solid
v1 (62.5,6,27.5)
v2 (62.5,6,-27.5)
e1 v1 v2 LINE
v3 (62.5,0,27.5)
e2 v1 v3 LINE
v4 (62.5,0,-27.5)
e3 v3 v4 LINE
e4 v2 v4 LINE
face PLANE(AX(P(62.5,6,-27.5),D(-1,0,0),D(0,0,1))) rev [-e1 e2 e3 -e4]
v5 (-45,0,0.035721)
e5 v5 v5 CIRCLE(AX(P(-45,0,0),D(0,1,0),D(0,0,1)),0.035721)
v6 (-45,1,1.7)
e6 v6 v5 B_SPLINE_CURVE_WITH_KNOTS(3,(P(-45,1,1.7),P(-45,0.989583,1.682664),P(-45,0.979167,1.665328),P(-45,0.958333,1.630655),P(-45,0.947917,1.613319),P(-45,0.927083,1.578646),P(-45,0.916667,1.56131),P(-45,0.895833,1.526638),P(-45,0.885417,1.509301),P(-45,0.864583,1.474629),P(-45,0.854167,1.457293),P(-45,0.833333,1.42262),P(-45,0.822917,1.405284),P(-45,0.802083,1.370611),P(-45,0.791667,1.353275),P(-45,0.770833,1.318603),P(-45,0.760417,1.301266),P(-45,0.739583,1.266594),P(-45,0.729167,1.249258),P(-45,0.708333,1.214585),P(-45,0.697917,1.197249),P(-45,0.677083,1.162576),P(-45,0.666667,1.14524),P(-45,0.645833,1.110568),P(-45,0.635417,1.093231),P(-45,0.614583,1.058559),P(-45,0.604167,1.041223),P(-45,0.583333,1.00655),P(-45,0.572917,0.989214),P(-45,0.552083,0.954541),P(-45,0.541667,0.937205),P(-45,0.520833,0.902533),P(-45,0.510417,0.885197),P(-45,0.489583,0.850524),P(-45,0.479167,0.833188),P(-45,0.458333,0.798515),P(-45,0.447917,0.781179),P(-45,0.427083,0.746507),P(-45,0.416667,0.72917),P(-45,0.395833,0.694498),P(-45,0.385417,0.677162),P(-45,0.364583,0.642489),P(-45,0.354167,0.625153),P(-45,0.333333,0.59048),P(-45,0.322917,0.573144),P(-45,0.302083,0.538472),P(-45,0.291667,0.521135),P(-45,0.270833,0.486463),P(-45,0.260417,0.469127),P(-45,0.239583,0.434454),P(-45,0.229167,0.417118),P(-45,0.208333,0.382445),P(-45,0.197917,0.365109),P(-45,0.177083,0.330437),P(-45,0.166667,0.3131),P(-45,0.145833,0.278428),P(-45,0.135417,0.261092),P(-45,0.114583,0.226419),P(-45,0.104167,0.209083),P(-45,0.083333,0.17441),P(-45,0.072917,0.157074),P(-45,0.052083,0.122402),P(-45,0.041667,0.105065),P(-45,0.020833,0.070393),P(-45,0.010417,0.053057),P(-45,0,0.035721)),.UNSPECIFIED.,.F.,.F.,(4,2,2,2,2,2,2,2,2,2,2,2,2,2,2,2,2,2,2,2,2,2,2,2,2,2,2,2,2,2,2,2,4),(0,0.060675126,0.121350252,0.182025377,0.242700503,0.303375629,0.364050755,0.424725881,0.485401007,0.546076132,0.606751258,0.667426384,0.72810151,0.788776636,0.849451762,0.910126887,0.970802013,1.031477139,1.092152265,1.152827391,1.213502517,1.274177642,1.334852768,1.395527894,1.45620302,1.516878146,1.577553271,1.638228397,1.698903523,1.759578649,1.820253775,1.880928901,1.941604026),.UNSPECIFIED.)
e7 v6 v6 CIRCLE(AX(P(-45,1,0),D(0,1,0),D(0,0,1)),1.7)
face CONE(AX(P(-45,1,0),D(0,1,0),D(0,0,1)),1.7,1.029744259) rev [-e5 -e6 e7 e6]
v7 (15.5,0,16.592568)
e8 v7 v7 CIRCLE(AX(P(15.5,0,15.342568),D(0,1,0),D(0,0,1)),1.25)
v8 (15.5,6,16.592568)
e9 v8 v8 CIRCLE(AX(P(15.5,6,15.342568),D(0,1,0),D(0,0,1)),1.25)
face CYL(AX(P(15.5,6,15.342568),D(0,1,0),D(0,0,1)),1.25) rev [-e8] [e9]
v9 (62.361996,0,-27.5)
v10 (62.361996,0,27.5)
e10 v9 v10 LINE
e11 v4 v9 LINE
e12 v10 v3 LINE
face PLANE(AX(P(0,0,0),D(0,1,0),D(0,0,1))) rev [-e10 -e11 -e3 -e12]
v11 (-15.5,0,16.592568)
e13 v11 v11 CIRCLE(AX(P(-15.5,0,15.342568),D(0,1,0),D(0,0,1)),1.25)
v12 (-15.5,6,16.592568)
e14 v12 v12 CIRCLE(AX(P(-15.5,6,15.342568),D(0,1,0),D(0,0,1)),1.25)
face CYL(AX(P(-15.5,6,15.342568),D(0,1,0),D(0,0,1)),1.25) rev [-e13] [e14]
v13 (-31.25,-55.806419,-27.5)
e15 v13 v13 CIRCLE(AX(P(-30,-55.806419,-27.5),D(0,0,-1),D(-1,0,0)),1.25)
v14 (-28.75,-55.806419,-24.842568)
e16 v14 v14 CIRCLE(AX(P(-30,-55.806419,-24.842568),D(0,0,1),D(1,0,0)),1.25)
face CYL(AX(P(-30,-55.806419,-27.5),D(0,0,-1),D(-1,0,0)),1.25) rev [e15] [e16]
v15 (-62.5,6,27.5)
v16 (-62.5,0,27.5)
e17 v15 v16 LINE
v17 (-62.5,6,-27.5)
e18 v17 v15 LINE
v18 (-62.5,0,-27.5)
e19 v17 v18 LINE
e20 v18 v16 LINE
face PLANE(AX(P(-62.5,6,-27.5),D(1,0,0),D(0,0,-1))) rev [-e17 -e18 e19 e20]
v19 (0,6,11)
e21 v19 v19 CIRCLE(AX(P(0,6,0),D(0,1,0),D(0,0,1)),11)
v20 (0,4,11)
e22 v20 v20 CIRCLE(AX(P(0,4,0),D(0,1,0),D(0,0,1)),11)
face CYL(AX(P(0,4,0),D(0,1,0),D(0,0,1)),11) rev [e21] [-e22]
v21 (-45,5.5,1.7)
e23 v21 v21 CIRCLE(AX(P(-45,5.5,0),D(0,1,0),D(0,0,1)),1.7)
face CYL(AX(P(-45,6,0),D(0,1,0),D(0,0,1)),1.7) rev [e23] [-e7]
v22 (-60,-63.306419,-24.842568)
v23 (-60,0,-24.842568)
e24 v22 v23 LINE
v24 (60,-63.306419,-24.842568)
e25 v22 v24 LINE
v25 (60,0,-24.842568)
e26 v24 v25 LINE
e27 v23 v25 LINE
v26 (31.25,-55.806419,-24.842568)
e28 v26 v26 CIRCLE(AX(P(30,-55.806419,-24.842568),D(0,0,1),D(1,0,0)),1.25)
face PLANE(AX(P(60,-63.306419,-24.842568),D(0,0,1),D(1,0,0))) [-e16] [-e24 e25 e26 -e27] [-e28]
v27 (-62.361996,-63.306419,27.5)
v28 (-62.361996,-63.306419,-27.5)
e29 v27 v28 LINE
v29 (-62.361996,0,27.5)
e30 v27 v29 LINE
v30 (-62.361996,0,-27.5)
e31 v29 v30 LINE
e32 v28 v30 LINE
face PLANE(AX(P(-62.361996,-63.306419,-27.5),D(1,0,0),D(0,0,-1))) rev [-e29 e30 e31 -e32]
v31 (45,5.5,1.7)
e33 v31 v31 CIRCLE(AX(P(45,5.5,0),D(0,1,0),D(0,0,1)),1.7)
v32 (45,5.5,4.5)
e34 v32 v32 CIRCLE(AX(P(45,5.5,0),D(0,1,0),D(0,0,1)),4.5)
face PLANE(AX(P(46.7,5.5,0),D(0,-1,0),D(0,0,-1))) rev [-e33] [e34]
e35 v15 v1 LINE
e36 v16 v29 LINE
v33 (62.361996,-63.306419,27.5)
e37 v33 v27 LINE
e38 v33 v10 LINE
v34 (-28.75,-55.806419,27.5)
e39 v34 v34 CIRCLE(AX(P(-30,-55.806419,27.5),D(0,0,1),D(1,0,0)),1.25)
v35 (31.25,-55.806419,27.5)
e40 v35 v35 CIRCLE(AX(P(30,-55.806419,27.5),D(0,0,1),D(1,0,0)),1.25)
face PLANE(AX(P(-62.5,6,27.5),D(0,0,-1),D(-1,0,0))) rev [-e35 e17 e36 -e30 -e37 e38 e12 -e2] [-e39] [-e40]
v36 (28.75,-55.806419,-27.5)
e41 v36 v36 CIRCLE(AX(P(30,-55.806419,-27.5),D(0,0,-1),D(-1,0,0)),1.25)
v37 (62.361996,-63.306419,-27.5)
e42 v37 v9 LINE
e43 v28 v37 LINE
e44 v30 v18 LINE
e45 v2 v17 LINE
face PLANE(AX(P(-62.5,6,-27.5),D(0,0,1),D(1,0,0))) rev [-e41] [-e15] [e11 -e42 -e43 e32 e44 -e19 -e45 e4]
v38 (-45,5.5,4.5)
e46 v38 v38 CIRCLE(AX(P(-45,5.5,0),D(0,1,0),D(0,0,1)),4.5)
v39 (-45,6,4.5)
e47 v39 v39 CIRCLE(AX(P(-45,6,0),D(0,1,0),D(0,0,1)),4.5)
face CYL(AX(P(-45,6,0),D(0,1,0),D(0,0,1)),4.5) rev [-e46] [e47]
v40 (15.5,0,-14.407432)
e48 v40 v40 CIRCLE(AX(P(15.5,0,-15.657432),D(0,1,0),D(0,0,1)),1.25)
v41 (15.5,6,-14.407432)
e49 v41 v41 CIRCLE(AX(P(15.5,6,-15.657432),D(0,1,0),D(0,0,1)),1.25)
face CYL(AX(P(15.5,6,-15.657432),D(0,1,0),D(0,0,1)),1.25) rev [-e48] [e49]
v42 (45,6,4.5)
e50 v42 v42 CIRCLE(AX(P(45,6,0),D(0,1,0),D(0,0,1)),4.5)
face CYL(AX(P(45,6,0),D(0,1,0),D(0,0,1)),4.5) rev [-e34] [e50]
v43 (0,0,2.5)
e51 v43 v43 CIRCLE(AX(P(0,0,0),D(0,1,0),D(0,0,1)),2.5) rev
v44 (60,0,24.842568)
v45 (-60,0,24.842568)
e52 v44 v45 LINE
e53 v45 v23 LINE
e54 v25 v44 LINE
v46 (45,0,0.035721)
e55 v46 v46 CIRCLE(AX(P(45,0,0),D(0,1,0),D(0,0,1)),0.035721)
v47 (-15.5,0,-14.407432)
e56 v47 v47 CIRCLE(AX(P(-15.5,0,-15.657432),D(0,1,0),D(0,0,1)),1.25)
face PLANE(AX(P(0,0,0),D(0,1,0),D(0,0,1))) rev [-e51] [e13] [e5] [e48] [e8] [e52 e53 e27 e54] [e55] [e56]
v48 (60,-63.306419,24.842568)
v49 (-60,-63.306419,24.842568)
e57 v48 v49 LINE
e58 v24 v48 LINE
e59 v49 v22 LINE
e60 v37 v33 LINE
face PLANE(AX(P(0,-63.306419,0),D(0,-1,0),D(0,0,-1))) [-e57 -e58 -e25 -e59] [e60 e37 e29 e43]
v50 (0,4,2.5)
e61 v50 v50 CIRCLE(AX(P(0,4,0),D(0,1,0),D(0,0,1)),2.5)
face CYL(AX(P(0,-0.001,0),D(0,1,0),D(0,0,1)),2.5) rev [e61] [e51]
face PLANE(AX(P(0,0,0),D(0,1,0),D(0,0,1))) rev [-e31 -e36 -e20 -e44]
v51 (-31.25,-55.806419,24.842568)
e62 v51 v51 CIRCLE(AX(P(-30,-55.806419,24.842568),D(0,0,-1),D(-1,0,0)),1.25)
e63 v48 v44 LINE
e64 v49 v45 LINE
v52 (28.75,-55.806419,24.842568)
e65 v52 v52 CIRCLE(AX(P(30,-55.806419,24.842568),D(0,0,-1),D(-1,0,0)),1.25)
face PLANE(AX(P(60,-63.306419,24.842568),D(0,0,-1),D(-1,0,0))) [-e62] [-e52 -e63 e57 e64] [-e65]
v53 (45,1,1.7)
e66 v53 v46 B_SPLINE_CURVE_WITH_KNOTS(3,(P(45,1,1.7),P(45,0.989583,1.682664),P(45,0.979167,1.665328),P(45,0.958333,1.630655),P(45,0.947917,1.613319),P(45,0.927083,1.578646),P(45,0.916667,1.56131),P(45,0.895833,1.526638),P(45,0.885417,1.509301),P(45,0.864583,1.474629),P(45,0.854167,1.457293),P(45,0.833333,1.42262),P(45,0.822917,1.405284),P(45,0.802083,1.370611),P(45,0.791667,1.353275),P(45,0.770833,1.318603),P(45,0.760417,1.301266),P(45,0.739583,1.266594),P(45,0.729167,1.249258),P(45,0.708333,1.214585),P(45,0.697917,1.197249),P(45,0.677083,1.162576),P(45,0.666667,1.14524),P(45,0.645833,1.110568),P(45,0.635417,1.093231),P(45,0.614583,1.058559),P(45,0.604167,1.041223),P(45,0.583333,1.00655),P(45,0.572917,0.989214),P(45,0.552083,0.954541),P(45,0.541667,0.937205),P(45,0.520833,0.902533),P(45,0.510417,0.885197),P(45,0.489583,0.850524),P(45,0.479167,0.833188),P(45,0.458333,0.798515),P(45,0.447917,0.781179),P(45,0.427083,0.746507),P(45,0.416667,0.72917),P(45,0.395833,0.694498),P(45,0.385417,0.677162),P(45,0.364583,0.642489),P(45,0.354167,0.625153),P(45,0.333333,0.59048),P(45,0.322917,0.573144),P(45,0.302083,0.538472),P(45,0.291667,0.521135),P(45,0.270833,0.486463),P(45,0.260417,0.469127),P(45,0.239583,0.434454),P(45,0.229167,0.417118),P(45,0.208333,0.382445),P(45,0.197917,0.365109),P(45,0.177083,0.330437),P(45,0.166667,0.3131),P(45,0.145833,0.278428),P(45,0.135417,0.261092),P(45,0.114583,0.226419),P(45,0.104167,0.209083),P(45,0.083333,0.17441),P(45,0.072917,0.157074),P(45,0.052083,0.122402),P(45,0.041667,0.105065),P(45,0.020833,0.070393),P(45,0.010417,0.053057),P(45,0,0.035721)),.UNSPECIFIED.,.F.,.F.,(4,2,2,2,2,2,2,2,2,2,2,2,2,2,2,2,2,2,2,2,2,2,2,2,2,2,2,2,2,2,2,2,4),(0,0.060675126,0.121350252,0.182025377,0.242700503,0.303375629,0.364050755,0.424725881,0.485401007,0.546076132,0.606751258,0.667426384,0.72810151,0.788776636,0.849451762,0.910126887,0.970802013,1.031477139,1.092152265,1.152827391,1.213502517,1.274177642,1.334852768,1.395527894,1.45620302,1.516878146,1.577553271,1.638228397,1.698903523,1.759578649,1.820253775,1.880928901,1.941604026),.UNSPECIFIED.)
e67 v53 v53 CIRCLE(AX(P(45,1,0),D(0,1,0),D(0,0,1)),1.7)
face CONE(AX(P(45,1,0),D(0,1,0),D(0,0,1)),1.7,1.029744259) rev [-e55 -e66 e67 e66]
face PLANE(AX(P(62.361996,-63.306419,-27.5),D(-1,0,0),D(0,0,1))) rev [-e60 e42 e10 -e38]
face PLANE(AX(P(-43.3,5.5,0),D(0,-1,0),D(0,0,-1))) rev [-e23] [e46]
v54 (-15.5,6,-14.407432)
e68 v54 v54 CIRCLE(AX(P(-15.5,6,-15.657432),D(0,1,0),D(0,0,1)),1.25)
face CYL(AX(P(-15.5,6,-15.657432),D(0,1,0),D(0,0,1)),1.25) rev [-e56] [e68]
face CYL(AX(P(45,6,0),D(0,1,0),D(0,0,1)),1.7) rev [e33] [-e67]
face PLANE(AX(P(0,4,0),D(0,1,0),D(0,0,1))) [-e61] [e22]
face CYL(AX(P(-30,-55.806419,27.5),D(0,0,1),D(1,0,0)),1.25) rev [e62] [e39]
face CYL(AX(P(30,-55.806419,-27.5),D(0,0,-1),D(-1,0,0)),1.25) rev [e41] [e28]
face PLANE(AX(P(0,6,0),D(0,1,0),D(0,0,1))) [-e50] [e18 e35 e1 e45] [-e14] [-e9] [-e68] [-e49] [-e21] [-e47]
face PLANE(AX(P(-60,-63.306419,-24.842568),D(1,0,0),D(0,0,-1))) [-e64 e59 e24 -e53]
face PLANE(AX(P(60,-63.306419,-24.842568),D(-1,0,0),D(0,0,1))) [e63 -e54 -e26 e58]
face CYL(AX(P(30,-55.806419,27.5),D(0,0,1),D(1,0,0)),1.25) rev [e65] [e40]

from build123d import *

# Parameters (mm, degrees)
SKETCH_1_W                     = 125
SKETCH_1_H                     = 55
EXTRUDE_1_DEPTH                = 6
SKETCH_2_R                     = 11
CUT_EXTRUDE_1_DEPTH            = 2
CUT_EXTRUDE_2_REACH            = 70.4
SKETCH_3_R                     = 2.5
HOLE_WIZARD_M3_1_D             = 2.5
HOLE_WIZARD_M3_1_DEPTH         = 7.5
HOLE_WIZARD_M3_1_TIP           = 0.751075774
SKETCH_6_W                     = 124.723991502
SKETCH_6_H                     = 55
SKETCH_6_W_2                   = 120
SKETCH_6_H_2                   = 49.685135096
EXTRUDE_2_DEPTH                = 63.306419
HOLE_WIZARD_M3_2_D             = 2.5
HOLE_WIZARD_M3_2_DEPTH         = 2.657432452
HOLE_WIZARD_M3_3_D             = 2.5
HOLE_WIZARD_M3_1_2_D           = 3.4
HOLE_WIZARD_M3_1_2_DEPTH       = 5
HOLE_WIZARD_M3_1_2_CBORE_D     = 9
HOLE_WIZARD_M3_1_2_CBORE_DEPTH = 0.5
HOLE_WIZARD_M3_1_2_TIP         = 1.021463052


with BuildPart() as part:
    # 草图1 → 凸台-拉伸1 (new body)
    with BuildSketch(Plane(origin=(0, 0, 0), x_dir=(1, 0, 0), z_dir=(0, 1, 0))):
        Rectangle(SKETCH_1_W, SKETCH_1_H)
    extrude(amount=EXTRUDE_1_DEPTH)

    # 草图2 → 切除-拉伸1 (cut)
    with BuildSketch(Plane(origin=(0, 6, 0), x_dir=(1, 0, 0), z_dir=(0, 1, 0))):
        with Locations(Location((0, 0, 0), (0, 0, 270))):
            Circle(SKETCH_2_R)
    extrude(amount=-CUT_EXTRUDE_1_DEPTH, mode=Mode.SUBTRACT)

    # 草图3 → 切除-拉伸2 (cut, up to next)
    with BuildSketch(Plane(origin=(0, 4, 0), x_dir=(1, 0, 0), z_dir=(0, 1, 0)), mode=Mode.PRIVATE) as cut_extrude_2_sk1:
        with Locations(Location((0, 0, 0), (0, 0, 270))):
            Circle(SKETCH_3_R)
    cut_extrude_2_tool1 = extrude(cut_extrude_2_sk1.sketch, amount=-CUT_EXTRUDE_2_REACH, mode=Mode.PRIVATE) & part.part
    add(cut_extrude_2_tool1.solids().sort_by_distance((0, 4, 0))[0], mode=Mode.SUBTRACT)

    # Hole Wizard M3 _1
    with Locations(Plane(origin=(0, 6, 0), x_dir=(1, 0, 0), z_dir=(0, 1, 0))):
        with Locations((15.5, 15.657432452), (15.5, -15.342567548), (-15.5, -15.342567548), (-15.5, 15.657432452)):
            Hole(HOLE_WIZARD_M3_1_D / 2, depth=HOLE_WIZARD_M3_1_DEPTH)
            with Locations((0, 0, -(HOLE_WIZARD_M3_1_DEPTH + HOLE_WIZARD_M3_1_TIP / 2))):  # 118° drill point
                Cone(0, HOLE_WIZARD_M3_1_D / 2, HOLE_WIZARD_M3_1_TIP, mode=Mode.SUBTRACT)

    # 草图6 → 凸台-拉伸2 (add)
    with BuildSketch(Plane.XZ):
        Rectangle(SKETCH_6_W, SKETCH_6_H)
        Rectangle(SKETCH_6_W_2, SKETCH_6_H_2, mode=Mode.SUBTRACT)
    extrude(amount=EXTRUDE_2_DEPTH)

    # M3 螺纹孔2
    with Locations(Plane(origin=(0, 0, -27.5), x_dir=(-1, 0, 0), z_dir=(0, 0, -1))):
        with Locations((30, -55.806419172), (-30, -55.806419172)):
            Hole(HOLE_WIZARD_M3_2_D / 2, depth=HOLE_WIZARD_M3_2_DEPTH)

    # M3 螺纹孔3 (through all)
    with Locations(Plane.XY.offset(27.5)):
        with Locations((30, -55.806419172), (-30, -55.806419172)):
            Hole(HOLE_WIZARD_M3_3_D / 2)

    # Hole Wizard M3 _1 2
    with Locations(Plane(origin=(-45, 6, 0), x_dir=(0, 0, 1), z_dir=(0, 1, 0))):
        with Locations((0, 0), (0, 90)):
            CounterBoreHole(HOLE_WIZARD_M3_1_2_D / 2, HOLE_WIZARD_M3_1_2_CBORE_D / 2, HOLE_WIZARD_M3_1_2_CBORE_DEPTH, depth=HOLE_WIZARD_M3_1_2_DEPTH)
            with Locations((0, 0, -(HOLE_WIZARD_M3_1_2_DEPTH + HOLE_WIZARD_M3_1_2_TIP / 2))):  # 118° drill point
                Cone(0, HOLE_WIZARD_M3_1_2_D / 2, HOLE_WIZARD_M3_1_2_TIP, mode=Mode.SUBTRACT)


solid = part.part
